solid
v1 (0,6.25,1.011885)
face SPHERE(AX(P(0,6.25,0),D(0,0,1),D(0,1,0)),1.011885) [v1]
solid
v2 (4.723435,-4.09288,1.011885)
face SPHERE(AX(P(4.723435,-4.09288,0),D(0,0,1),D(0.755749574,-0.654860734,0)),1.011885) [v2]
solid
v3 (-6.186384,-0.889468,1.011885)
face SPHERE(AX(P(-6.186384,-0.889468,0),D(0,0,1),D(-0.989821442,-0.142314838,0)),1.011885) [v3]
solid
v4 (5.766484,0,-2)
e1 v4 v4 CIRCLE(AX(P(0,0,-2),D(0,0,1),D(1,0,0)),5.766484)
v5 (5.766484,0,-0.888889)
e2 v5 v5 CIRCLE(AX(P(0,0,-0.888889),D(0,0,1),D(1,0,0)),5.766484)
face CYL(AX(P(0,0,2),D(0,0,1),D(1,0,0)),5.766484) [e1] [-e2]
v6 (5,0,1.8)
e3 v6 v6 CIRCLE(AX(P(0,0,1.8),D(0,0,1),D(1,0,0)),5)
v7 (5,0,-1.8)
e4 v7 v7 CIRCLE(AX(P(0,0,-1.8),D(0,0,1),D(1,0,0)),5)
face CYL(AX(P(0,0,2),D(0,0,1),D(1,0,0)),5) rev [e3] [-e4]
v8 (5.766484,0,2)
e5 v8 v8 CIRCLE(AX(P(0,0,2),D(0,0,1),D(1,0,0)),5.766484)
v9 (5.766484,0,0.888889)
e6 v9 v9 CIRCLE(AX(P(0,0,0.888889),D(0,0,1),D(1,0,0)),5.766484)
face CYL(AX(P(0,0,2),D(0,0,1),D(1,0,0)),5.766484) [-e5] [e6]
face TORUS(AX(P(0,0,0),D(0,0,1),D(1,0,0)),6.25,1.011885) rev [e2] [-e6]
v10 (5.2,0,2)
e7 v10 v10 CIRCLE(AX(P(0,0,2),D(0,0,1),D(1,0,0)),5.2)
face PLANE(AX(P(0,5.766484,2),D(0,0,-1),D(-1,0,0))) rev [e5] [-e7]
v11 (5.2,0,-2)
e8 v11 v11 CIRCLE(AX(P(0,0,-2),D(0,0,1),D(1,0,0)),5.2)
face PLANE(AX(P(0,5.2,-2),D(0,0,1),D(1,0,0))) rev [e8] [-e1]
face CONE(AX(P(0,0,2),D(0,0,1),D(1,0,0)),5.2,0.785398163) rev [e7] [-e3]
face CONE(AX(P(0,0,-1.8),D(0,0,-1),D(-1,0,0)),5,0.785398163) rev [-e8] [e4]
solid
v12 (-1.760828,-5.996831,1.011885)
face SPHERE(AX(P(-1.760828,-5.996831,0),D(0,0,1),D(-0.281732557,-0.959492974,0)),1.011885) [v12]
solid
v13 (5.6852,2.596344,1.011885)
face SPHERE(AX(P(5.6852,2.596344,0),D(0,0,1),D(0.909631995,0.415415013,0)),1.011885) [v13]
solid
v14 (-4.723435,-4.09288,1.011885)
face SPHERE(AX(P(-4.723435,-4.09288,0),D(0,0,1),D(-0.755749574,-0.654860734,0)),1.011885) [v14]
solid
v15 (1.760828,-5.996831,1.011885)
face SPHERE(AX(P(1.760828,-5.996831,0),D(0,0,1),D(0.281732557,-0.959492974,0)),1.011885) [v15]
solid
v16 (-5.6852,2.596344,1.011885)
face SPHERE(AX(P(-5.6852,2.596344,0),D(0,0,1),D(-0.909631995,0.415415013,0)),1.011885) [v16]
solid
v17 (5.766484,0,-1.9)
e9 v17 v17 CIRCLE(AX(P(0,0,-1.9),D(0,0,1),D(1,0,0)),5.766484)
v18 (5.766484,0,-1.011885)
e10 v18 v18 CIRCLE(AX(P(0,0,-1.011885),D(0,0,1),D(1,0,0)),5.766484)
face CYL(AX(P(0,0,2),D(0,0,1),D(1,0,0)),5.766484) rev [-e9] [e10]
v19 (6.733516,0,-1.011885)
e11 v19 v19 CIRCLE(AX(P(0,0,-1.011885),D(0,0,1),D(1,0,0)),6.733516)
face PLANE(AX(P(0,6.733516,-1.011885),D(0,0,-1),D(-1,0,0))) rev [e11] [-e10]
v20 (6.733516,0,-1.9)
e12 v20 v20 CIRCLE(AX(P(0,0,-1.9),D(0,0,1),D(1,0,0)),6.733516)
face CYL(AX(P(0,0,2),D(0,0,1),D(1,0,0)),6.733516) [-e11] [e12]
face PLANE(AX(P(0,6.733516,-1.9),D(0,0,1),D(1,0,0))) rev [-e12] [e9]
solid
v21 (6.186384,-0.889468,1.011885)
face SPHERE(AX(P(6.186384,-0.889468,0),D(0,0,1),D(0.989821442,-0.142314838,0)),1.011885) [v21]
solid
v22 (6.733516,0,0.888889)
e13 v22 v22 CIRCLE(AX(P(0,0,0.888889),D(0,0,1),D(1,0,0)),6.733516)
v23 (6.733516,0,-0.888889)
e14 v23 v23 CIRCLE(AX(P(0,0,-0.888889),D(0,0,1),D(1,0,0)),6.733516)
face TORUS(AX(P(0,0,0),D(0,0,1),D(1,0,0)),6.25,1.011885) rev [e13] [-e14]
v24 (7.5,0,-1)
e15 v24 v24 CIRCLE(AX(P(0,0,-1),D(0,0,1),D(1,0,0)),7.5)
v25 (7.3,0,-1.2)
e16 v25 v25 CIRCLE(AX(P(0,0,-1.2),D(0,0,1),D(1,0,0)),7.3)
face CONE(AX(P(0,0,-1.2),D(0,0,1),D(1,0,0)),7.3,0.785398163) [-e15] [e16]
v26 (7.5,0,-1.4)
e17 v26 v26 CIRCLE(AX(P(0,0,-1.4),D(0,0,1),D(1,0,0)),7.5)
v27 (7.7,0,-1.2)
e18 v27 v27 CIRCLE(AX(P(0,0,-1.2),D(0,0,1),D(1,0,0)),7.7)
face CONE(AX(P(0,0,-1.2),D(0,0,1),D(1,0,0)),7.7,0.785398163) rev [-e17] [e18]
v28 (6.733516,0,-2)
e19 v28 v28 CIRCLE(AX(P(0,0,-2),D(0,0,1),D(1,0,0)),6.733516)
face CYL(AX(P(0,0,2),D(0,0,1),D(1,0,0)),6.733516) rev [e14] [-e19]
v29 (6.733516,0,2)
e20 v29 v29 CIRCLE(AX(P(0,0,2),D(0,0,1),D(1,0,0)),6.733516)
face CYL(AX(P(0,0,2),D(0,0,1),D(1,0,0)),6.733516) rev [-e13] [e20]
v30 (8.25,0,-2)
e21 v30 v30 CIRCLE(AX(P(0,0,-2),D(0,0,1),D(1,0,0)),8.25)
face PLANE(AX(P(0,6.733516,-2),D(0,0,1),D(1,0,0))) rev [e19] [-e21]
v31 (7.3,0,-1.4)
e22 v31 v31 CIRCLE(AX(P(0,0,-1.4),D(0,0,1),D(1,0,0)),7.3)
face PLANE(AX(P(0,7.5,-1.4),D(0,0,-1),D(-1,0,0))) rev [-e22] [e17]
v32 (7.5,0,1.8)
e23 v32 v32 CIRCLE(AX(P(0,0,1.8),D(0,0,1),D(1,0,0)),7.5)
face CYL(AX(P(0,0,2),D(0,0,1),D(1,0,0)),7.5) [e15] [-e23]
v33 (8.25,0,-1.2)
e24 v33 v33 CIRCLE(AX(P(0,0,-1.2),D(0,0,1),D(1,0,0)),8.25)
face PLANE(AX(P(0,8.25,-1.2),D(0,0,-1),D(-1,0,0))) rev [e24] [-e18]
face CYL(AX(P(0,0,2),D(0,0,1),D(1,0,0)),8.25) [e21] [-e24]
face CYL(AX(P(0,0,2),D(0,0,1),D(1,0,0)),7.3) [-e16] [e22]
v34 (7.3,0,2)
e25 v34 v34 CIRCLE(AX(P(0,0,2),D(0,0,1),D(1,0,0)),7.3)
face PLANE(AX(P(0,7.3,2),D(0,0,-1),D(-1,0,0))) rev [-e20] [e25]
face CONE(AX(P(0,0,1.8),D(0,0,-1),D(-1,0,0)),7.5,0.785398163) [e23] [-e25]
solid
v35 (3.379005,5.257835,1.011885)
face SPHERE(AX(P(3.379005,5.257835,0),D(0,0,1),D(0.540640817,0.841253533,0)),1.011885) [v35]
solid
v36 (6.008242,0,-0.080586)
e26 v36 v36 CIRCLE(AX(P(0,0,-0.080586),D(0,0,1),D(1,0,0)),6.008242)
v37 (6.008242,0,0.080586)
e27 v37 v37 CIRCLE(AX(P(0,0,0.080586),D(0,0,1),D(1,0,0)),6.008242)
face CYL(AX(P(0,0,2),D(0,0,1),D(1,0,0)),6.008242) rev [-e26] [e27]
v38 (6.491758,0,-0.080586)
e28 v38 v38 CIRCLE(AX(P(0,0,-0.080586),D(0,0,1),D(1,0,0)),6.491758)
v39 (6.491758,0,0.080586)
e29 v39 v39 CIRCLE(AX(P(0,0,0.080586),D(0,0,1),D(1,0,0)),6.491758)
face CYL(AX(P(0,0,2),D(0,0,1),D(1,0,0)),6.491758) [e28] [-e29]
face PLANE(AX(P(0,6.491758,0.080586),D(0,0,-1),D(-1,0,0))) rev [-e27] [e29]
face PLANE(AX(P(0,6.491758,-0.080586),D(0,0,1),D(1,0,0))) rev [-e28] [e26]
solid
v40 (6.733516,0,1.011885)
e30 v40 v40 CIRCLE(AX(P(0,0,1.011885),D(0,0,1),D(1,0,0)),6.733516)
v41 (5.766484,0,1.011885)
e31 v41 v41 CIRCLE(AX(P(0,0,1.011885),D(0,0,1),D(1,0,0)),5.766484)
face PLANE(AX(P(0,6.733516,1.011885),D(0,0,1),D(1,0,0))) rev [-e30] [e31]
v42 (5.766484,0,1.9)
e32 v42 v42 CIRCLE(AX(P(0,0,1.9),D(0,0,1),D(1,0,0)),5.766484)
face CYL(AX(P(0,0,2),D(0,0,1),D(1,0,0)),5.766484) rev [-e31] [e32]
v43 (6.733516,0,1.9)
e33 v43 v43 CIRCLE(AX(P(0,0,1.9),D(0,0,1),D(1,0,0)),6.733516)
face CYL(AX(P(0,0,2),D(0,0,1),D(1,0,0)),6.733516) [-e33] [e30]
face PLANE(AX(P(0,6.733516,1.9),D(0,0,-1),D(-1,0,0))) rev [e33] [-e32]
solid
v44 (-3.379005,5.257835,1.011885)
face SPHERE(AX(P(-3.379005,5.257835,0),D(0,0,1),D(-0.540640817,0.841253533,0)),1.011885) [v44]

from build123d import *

# Parameters (mm, degrees)
SKETCH6_W         = 0.161172162
SKETCH6_H         = 0.483516484
CIRPATTERN1_COUNT = 11
SKETCH5_W         = 0.888114806
SKETCH5_H         = 0.967032968


with BuildPart() as part:
    # Sketch7 → Revolve7 (revolve)
    with BuildSketch(Plane(origin=(0, 0, 0), x_dir=(0, 0, -1), z_dir=(1, 0, 0)), mode=Mode.PRIVATE) as revolve7_sk:
        with BuildLine():
            Line((2, 8.25), (1.2, 8.25))
            Line((1.2, 8.25), (1.2, 7.7))
            Line((1.2, 7.7), (1.4, 7.5))
            Line((1.4, 7.5), (1.4, 7.3))
            Line((1.4, 7.3), (1.2, 7.3))
            Line((1.2, 7.3), (1, 7.5))
            Line((1, 7.5), (-1.8, 7.5))
            Line((-1.8, 7.5), (-2, 7.3))
            Line((-2, 7.3), (-2, 6.733516484))
            Line((-2, 6.733516484), (-0.888888889, 6.733516484))
            ThreePointArc((-0.888888889, 6.733516484), (0, 7.261885194), (0.888888889, 6.733516484))
            Line((0.888888889, 6.733516484), (2, 6.733516484))
            Line((2, 6.733516484), (2, 7.3))
            Line((2, 7.3), (2, 8.25))
        make_face()
    revolve(revolve7_sk.sketch.rotate(Axis((0, 0, 2), (0, 0, -1)), 90), axis=Axis((0, 0, 2), (0, 0, -1)))


with BuildPart() as body_2:
    # Sketch3 → Revolve3 (revolve)
    with BuildSketch(Plane(origin=(0, 0, 0), x_dir=(0, 0, -1), z_dir=(1, 0, 0)), mode=Mode.PRIVATE) as revolve3_sk:
        with BuildLine():
            Line((-2, 5.766483516), (-0.888888889, 5.766483516))
            ThreePointArc((-0.888888889, 5.766483516), (0, 5.238114806), (0.888888889, 5.766483516))
            Line((0.888888889, 5.766483516), (2, 5.766483516))
            Line((2, 5.766483516), (2, 5.2))
            Line((2, 5.2), (1.8, 5))
            Line((1.8, 5), (-1.8, 5))
            Line((-1.8, 5), (-2, 5.2))
            Line((-2, 5.2), (-2, 5.766483516))
        make_face()
    revolve(revolve3_sk.sketch.rotate(Axis((0, 0, 2), (0, 0, -1)), 90), axis=Axis((0, 0, 2), (0, 0, -1)))


with BuildPart() as body_3:
    # Sketch6 → Revolve6 (revolve)
    with BuildSketch(Plane(origin=(0, 0, 0), x_dir=(0, 0, -1), z_dir=(1, 0, 0)), mode=Mode.PRIVATE) as revolve6_sk:
        with Locations((0, 6.25)):
            Rectangle(SKETCH6_W, SKETCH6_H)
    revolve(revolve6_sk.sketch.rotate(Axis((0, 0, 2), (0, 0, -1)), 90), axis=Axis((0, 0, 2), (0, 0, -1)))


with BuildPart() as body_4:
    # Sketch4 → Revolve4 (revolve)
    with BuildSketch(Plane(origin=(0, 0, 0), x_dir=(0, 0, -1), z_dir=(1, 0, 0))):
        with BuildLine():
            Line((-1.011885194, 6.25), (1.011885194, 6.25))
            ThreePointArc((1.011885194, 6.25), (0, 7.261885194), (-1.011885194, 6.25))
        make_face()
    revolve(axis=Axis((0, 6.25, 1.011885194), (0, 0, -1)))


with BuildPart() as cirpattern1_1:
    # CirPattern1: pattern copy
    add(body_4.part.rotate(Axis((0, 0, 0), (0, 0, 1)), 1 * 360 / CIRPATTERN1_COUNT))


with BuildPart() as cirpattern1_2:
    # CirPattern1: pattern copy
    add(body_4.part.rotate(Axis((0, 0, 0), (0, 0, 1)), 2 * 360 / CIRPATTERN1_COUNT))


with BuildPart() as cirpattern1_3:
    # CirPattern1: pattern copy
    add(body_4.part.rotate(Axis((0, 0, 0), (0, 0, 1)), 3 * 360 / CIRPATTERN1_COUNT))


with BuildPart() as cirpattern1_4:
    # CirPattern1: pattern copy
    add(body_4.part.rotate(Axis((0, 0, 0), (0, 0, 1)), 4 * 360 / CIRPATTERN1_COUNT))


with BuildPart() as cirpattern1_5:
    # CirPattern1: pattern copy
    add(body_4.part.rotate(Axis((0, 0, 0), (0, 0, 1)), 5 * 360 / CIRPATTERN1_COUNT))


with BuildPart() as cirpattern1_6:
    # CirPattern1: pattern copy
    add(body_4.part.rotate(Axis((0, 0, 0), (0, 0, 1)), 6 * 360 / CIRPATTERN1_COUNT))


with BuildPart() as cirpattern1_7:
    # CirPattern1: pattern copy
    add(body_4.part.rotate(Axis((0, 0, 0), (0, 0, 1)), 7 * 360 / CIRPATTERN1_COUNT))


with BuildPart() as cirpattern1_8:
    # CirPattern1: pattern copy
    add(body_4.part.rotate(Axis((0, 0, 0), (0, 0, 1)), 8 * 360 / CIRPATTERN1_COUNT))


with BuildPart() as cirpattern1_9:
    # CirPattern1: pattern copy
    add(body_4.part.rotate(Axis((0, 0, 0), (0, 0, 1)), 9 * 360 / CIRPATTERN1_COUNT))


with BuildPart() as cirpattern1_10:
    # CirPattern1: pattern copy
    add(body_4.part.rotate(Axis((0, 0, 0), (0, 0, 1)), 10 * 360 / CIRPATTERN1_COUNT))


with BuildPart() as body_15:
    # Sketch5 → Revolve5 (revolve)
    with BuildSketch(Plane(origin=(0, 0, 0), x_dir=(0, 0, -1), z_dir=(1, 0, 0)), mode=Mode.PRIVATE) as revolve5_sk:
        with Locations((-1.455942597, 6.25)):
            Rectangle(SKETCH5_W, SKETCH5_H)
        with Locations((1.455942597, 6.25)):
            Rectangle(SKETCH5_W, SKETCH5_H)
    revolve(revolve5_sk.sketch.rotate(Axis((0, 0, 2), (0, 0, -1)), 90), axis=Axis((0, 0, 2), (0, 0, -1)))


solid = Compound([part.part, body_2.part, body_3.part, body_4.part, cirpattern1_1.part, cirpattern1_2.part, cirpattern1_3.part, cirpattern1_4.part, cirpattern1_5.part, cirpattern1_6.part, cirpattern1_7.part, cirpattern1_8.part, cirpattern1_9.part, cirpattern1_10.part, body_15.part])
